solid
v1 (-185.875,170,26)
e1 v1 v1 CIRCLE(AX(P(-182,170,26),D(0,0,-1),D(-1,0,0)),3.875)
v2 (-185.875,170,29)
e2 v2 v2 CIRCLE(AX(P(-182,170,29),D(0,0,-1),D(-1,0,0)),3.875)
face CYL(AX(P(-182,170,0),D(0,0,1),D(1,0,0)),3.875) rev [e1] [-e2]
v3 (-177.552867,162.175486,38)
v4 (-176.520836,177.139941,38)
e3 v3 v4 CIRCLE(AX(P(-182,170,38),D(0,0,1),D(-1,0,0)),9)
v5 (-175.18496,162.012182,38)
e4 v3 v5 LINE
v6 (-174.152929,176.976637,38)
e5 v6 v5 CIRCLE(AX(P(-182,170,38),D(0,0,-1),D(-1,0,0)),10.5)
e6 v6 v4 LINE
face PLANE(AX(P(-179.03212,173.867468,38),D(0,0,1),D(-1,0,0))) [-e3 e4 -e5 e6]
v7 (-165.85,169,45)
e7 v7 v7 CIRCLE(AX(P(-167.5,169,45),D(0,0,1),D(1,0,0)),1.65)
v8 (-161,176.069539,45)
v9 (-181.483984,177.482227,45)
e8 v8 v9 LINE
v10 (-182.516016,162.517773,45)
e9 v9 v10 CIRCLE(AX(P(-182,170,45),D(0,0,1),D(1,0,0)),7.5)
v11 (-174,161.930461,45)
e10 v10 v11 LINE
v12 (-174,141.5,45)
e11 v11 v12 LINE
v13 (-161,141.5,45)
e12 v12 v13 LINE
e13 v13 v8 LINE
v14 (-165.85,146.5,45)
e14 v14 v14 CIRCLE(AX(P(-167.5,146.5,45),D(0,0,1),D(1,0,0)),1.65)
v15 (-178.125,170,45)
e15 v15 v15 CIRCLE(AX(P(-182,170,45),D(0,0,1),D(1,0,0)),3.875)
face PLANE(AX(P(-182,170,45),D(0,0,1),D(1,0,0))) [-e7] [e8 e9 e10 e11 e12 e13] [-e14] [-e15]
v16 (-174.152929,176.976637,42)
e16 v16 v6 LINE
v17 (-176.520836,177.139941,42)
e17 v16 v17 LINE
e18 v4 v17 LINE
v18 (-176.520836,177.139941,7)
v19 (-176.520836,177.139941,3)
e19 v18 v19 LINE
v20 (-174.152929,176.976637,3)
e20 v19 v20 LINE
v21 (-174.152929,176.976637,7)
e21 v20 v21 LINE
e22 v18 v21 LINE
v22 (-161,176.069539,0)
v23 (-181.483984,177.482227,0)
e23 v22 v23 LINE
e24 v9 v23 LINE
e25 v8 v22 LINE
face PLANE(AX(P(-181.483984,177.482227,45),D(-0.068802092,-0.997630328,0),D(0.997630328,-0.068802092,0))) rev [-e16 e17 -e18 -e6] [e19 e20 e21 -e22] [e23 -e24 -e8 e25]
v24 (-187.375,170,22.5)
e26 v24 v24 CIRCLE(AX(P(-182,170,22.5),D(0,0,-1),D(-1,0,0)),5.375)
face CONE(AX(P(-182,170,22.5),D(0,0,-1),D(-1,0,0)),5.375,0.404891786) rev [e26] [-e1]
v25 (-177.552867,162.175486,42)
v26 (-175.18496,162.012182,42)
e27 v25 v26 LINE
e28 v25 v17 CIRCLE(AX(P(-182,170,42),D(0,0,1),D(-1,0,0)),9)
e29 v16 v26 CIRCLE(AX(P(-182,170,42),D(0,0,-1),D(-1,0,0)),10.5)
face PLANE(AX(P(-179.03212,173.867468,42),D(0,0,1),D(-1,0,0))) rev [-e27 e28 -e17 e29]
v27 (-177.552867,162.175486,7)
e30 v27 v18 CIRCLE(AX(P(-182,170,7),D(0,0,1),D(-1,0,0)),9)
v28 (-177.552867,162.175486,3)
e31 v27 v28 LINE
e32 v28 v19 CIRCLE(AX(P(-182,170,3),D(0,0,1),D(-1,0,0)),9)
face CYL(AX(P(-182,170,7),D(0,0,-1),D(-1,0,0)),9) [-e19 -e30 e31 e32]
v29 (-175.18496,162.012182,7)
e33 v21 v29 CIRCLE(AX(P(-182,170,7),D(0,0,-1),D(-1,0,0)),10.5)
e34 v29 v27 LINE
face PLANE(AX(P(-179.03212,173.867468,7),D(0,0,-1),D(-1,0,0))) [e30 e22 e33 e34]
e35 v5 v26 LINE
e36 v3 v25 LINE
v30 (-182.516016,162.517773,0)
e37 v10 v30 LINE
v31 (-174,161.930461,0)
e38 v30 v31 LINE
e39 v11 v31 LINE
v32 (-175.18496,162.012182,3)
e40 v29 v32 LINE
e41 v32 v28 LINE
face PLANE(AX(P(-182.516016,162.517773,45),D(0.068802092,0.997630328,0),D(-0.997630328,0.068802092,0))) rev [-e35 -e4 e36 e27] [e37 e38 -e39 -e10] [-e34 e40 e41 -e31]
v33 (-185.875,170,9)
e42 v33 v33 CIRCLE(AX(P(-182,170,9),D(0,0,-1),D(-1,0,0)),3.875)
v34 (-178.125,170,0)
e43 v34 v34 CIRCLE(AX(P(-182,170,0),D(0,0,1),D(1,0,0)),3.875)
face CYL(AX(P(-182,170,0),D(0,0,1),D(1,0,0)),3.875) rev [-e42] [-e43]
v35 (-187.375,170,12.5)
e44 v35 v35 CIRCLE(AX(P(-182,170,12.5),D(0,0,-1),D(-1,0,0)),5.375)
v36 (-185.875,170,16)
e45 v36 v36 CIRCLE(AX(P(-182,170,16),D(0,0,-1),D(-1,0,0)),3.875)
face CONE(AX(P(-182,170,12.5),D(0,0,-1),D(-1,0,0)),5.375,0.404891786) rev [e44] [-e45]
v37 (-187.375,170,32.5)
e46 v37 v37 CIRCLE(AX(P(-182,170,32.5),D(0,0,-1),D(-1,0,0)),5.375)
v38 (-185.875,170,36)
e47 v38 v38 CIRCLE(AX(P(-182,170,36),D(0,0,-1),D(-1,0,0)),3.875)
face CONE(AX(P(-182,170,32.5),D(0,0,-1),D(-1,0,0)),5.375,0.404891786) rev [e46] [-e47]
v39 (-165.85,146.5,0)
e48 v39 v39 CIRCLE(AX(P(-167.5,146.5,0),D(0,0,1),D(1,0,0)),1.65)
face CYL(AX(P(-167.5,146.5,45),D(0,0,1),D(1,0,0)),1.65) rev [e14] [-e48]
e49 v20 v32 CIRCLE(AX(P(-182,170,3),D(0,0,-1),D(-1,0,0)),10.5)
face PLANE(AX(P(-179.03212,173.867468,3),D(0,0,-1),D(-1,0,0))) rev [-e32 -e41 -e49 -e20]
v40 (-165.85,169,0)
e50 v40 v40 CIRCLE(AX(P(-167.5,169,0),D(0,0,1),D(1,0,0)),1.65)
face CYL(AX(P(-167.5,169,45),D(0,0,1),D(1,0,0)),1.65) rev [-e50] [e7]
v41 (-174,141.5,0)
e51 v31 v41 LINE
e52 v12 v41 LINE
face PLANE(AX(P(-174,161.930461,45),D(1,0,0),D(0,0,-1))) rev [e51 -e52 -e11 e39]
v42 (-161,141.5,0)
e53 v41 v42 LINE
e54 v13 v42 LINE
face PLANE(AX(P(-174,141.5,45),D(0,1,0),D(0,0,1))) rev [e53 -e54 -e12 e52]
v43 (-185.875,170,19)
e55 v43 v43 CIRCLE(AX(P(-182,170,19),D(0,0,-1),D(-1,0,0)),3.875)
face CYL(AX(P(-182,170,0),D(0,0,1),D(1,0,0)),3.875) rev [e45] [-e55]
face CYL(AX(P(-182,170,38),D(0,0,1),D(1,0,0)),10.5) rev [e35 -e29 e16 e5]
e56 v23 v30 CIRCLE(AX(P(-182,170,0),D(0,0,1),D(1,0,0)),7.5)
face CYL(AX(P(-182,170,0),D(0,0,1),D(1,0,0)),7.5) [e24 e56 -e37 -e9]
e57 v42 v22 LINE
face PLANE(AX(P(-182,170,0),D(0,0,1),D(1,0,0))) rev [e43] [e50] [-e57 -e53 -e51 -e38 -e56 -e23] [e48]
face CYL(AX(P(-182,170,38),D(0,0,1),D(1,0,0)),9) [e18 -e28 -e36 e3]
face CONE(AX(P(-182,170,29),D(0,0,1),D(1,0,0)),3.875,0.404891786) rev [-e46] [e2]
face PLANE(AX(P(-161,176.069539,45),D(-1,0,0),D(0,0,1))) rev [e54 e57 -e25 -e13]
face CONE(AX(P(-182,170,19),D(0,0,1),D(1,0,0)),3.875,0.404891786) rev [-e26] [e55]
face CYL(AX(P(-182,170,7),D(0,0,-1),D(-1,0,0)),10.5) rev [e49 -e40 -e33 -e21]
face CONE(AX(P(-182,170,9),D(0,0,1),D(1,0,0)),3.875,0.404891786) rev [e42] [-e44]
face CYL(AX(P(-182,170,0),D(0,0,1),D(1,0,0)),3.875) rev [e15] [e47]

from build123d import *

# Parameters (mm, degrees)
BOSS_EXTRUDE1_DEPTH   = 45
CUT_EXTRUDE1_START    = -5
CUT_EXTRUDE1_DEPTH    = 2
M4X0_7_TAPPED_HOLE1_D = 3.3
SKETCH5_R             = 7.5
BOSS_EXTRUDE2_DEPTH   = 45
SKETCH6_R             = 3.875
CUT_EXTRUDE2_DEPTH    = 46


with BuildPart() as part:
    # Sketch1 → Boss-Extrude1 (new body)
    with BuildSketch(Plane.XY):
        with BuildLine():
            Line((-182.516015687, 162.517772537), (-174, 161.93046111))
            Line((-174, 161.93046111), (-174, 141.5))
            Line((-174, 141.5), (-161, 141.5))
            Line((-161, 141.5), (-161, 176.06953889))
            Line((-161, 176.06953889), (-181.483984313, 177.482227463))
            ThreePointArc((-181.483984313, 177.482227463), (-174.517772537, 169.483984313), (-182.516015687, 162.517772537))
        make_face()
    extrude(amount=BOSS_EXTRUDE1_DEPTH)

    # Sketch2 → Cut-Extrude1 (cut, symmetric)
    with BuildSketch(Plane(origin=(0, 0, 0), x_dir=(-1, 0, 0), z_dir=(0, 0, -1)).offset(CUT_EXTRUDE1_START)):
        with BuildLine():
            ThreePointArc((176.520836095, 177.139941379), (173.021327044, 169.380781175), (177.552867469, 162.175486453))
            ThreePointArc((177.552867469, 162.175486453), (177.834315887, 161.15284928), (176.811678714, 160.871400862))
            ThreePointArc((176.811678714, 160.871400862), (171.524881552, 169.277578038), (175.60764211, 178.329931609))
            ThreePointArc((175.60764211, 178.329931609), (176.659234217, 178.191533486), (176.520836095, 177.139941379))
        make_face()
    cut_extrude1 = extrude(amount=CUT_EXTRUDE1_DEPTH, both=True, mode=Mode.SUBTRACT)

    # Mirror1: Cut-Extrude1 across plane
    add(cut_extrude1.mirror(Plane(origin=(0, 0, 22.5), x_dir=(1, 0, 0), z_dir=(0, 0, -1))), mode=Mode.SUBTRACT)

    # M4x0.7 Tapped Hole1 (through all)
    with Locations(Plane.XY.offset(45)):
        with Locations((-167.5, 169), (-167.5, 146.5)):
            Hole(M4X0_7_TAPPED_HOLE1_D / 2)

    # Sketch5 → Boss-Extrude2 (add, through all)
    with BuildSketch(Plane.XY.offset(45)):
        with Locations((-182, 170)):
            Circle(SKETCH5_R)
    extrude(amount=-BOSS_EXTRUDE2_DEPTH)

    # Sketch6 → Cut-Extrude2 (cut, through all)
    with BuildSketch(Plane.XY.offset(45)):
        with Locations((-182, 170)):
            Circle(SKETCH6_R)
    extrude(amount=-CUT_EXTRUDE2_DEPTH, mode=Mode.SUBTRACT)

    # Sketch9 → Cut-Revolve1 (revolve, cut)
    with BuildSketch(Plane(origin=(10.807100592, 156.70295858, 0), x_dir=(-0.997630328, 0.068802092, 0), z_dir=(-0.068802092, -0.997630328, 0))):
        Polygon((189.390075348, -9), (187.890075348, -12.5), (189.390075348, -16), align=None)
        Polygon((189.390075348, -19), (189.390075348, -26), (187.890075348, -22.5), align=None)
        Polygon((189.390075348, -29), (189.390075348, -36), (187.890075348, -32.5), align=None)
    revolve(axis=Axis((-182, 170, 0), (0, 0, 1)), mode=Mode.SUBTRACT)


solid = part.part
